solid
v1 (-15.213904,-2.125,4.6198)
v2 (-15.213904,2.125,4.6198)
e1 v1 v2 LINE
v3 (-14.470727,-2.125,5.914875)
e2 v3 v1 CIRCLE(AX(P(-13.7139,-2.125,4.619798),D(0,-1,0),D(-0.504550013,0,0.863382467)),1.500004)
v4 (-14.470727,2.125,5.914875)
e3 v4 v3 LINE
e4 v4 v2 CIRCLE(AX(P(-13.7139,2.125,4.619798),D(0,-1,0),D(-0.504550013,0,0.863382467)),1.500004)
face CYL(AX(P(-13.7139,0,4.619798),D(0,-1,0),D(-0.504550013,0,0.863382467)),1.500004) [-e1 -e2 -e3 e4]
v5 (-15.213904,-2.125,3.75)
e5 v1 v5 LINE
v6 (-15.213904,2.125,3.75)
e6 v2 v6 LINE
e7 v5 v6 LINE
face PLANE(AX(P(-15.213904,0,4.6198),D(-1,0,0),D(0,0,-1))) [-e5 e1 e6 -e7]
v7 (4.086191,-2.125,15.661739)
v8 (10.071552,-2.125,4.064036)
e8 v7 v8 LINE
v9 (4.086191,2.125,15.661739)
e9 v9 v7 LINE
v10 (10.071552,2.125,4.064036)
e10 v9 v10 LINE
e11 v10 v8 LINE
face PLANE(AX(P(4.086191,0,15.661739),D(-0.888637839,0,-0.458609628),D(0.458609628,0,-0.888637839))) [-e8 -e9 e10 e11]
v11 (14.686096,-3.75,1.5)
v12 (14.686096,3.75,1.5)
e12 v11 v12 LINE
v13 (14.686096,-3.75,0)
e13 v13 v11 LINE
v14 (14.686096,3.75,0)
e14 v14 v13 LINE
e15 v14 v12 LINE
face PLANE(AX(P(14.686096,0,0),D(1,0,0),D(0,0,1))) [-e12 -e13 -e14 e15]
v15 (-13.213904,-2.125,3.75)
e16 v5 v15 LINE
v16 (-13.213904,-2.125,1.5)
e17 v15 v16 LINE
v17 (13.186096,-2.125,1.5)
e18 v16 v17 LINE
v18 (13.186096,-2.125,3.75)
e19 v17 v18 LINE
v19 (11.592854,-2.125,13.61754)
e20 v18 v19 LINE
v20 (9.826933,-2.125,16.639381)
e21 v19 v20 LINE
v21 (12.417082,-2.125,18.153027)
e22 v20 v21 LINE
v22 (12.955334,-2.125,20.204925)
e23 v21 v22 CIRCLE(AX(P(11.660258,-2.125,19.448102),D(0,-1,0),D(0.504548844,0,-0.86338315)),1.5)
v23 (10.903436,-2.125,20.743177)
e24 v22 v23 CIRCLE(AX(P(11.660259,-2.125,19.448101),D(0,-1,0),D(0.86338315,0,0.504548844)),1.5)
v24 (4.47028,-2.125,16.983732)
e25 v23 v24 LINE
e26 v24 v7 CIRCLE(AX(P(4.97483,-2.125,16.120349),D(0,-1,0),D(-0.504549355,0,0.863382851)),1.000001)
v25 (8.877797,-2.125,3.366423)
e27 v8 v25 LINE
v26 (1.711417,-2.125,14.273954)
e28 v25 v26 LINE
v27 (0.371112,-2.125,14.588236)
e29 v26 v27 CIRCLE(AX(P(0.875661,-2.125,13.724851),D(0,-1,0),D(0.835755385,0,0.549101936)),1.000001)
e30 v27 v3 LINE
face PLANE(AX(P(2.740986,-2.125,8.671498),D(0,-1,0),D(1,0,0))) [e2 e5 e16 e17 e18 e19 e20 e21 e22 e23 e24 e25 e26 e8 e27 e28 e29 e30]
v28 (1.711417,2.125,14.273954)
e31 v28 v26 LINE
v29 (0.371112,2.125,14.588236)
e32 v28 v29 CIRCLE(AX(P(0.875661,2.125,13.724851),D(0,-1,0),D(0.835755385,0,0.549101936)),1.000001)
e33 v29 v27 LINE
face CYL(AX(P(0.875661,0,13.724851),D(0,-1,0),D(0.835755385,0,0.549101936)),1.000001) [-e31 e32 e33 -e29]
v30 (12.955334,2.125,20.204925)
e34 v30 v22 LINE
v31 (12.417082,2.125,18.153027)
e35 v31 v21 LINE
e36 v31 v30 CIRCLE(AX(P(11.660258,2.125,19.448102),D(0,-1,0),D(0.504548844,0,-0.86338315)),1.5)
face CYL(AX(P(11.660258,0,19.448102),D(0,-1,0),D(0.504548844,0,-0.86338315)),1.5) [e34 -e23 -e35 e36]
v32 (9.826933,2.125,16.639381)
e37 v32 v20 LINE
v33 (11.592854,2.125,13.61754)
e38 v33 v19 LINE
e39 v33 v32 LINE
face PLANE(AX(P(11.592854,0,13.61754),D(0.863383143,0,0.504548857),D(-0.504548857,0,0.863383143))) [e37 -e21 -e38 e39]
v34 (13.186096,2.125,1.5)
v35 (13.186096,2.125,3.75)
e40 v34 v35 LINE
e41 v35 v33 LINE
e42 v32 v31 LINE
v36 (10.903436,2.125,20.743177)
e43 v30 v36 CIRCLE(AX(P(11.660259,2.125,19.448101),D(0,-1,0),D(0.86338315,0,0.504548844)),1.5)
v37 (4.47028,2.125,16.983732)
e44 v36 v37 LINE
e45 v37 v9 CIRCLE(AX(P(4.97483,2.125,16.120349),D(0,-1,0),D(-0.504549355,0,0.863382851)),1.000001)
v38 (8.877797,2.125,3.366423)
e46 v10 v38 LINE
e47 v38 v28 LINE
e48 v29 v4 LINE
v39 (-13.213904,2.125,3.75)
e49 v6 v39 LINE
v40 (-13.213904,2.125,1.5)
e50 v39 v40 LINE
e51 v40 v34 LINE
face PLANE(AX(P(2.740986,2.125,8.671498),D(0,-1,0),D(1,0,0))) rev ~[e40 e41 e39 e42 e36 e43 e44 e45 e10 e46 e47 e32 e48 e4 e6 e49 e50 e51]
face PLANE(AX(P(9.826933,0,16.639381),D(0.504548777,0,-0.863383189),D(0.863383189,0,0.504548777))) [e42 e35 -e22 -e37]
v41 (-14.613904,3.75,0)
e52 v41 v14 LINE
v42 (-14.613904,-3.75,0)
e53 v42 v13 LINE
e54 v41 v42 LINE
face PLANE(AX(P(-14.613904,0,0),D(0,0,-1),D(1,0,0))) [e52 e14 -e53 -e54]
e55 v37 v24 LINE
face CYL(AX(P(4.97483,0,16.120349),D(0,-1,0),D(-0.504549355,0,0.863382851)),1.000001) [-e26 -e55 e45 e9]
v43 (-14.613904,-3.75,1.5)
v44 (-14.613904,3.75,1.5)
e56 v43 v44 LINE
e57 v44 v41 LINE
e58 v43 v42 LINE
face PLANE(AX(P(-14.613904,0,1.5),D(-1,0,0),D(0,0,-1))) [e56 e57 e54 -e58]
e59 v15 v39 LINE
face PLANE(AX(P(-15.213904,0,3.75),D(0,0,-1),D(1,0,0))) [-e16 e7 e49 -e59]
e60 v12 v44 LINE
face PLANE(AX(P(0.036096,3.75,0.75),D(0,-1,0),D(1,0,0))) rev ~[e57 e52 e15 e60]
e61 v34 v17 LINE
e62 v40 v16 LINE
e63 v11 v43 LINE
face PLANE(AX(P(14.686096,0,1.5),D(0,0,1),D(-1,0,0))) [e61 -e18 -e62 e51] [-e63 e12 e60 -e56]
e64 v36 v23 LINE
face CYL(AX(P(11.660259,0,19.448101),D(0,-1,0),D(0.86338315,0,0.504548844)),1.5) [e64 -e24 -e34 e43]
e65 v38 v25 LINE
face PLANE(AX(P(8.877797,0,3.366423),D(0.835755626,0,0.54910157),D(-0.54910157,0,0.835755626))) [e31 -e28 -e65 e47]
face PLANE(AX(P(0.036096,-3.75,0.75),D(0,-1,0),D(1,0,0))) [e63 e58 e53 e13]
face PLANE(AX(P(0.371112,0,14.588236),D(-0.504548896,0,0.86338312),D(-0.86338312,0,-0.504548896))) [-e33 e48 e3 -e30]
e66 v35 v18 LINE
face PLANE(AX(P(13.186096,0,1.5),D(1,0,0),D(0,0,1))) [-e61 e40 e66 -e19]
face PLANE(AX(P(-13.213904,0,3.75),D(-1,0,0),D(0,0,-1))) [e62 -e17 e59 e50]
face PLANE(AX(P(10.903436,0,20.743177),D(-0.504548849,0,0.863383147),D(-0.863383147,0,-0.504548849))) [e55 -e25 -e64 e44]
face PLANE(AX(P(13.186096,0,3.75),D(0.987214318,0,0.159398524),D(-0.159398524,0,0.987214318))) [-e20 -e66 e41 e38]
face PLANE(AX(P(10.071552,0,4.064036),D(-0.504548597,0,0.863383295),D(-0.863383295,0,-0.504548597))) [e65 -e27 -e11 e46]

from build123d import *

# Parameters (mm, degrees)
F1_DEPTH = 3.75
F2_DEPTH = 2.125


with BuildPart() as f1:
    # F0 (on Front) → F1 (new body, symmetric)
    with BuildSketch(Plane.XZ):
        Polygon((-14.613904, 1.5), (-14.613904, 0), (14.686096, 0), (14.686096, 1.5), (13.186096, 1.5), (-13.213904, 1.5), align=None)
    extrude(amount=F1_DEPTH, both=True)

    # F0 (on Front) → F2 (join, symmetric)
    with BuildSketch(Plane.XZ):
        with BuildLine():
            Line((-13.213904, 3.75), (-13.213904, 1.5))
            Line((-13.213904, 1.5), (13.186096, 1.5))
            Line((13.186096, 1.5), (13.186096, 3.75))
            Line((13.186096, 3.75), (11.592854, 13.61754))
            Line((11.592854, 13.61754), (9.826933, 16.639381))
            Line((9.826933, 16.639381), (12.417082, 18.153027))
            ThreePointArc((12.417082, 18.153027), (13.11117, 19.067501), (12.955334, 20.204925))
            ThreePointArc((12.955334, 20.204925), (12.04086, 20.899013), (10.903436, 20.743177))
            Line((10.903436, 20.743177), (4.47028, 16.983732))
            ThreePointArc((4.47028, 16.983732), (4.014538, 16.399349), (4.086191, 15.661739))
            Line((4.086191, 15.661739), (10.071552, 4.064036))
            Line((10.071552, 4.064036), (8.877797, 3.366423))
            Line((8.877797, 3.366423), (1.711417, 14.273954))
            ThreePointArc((1.711417, 14.273954), (1.103954, 14.698445), (0.371112, 14.588236))
            Line((0.371112, 14.588236), (-14.470727, 5.914875))
            ThreePointArc((-14.470727, 5.914875), (-15.01491, 5.36638), (-15.213904, 4.6198))
            Line((-15.213904, 4.6198), (-15.213904, 3.75))
            Line((-15.213904, 3.75), (-13.213904, 3.75))
        make_face()
    extrude(amount=F2_DEPTH, both=True)


solid = f1.part
